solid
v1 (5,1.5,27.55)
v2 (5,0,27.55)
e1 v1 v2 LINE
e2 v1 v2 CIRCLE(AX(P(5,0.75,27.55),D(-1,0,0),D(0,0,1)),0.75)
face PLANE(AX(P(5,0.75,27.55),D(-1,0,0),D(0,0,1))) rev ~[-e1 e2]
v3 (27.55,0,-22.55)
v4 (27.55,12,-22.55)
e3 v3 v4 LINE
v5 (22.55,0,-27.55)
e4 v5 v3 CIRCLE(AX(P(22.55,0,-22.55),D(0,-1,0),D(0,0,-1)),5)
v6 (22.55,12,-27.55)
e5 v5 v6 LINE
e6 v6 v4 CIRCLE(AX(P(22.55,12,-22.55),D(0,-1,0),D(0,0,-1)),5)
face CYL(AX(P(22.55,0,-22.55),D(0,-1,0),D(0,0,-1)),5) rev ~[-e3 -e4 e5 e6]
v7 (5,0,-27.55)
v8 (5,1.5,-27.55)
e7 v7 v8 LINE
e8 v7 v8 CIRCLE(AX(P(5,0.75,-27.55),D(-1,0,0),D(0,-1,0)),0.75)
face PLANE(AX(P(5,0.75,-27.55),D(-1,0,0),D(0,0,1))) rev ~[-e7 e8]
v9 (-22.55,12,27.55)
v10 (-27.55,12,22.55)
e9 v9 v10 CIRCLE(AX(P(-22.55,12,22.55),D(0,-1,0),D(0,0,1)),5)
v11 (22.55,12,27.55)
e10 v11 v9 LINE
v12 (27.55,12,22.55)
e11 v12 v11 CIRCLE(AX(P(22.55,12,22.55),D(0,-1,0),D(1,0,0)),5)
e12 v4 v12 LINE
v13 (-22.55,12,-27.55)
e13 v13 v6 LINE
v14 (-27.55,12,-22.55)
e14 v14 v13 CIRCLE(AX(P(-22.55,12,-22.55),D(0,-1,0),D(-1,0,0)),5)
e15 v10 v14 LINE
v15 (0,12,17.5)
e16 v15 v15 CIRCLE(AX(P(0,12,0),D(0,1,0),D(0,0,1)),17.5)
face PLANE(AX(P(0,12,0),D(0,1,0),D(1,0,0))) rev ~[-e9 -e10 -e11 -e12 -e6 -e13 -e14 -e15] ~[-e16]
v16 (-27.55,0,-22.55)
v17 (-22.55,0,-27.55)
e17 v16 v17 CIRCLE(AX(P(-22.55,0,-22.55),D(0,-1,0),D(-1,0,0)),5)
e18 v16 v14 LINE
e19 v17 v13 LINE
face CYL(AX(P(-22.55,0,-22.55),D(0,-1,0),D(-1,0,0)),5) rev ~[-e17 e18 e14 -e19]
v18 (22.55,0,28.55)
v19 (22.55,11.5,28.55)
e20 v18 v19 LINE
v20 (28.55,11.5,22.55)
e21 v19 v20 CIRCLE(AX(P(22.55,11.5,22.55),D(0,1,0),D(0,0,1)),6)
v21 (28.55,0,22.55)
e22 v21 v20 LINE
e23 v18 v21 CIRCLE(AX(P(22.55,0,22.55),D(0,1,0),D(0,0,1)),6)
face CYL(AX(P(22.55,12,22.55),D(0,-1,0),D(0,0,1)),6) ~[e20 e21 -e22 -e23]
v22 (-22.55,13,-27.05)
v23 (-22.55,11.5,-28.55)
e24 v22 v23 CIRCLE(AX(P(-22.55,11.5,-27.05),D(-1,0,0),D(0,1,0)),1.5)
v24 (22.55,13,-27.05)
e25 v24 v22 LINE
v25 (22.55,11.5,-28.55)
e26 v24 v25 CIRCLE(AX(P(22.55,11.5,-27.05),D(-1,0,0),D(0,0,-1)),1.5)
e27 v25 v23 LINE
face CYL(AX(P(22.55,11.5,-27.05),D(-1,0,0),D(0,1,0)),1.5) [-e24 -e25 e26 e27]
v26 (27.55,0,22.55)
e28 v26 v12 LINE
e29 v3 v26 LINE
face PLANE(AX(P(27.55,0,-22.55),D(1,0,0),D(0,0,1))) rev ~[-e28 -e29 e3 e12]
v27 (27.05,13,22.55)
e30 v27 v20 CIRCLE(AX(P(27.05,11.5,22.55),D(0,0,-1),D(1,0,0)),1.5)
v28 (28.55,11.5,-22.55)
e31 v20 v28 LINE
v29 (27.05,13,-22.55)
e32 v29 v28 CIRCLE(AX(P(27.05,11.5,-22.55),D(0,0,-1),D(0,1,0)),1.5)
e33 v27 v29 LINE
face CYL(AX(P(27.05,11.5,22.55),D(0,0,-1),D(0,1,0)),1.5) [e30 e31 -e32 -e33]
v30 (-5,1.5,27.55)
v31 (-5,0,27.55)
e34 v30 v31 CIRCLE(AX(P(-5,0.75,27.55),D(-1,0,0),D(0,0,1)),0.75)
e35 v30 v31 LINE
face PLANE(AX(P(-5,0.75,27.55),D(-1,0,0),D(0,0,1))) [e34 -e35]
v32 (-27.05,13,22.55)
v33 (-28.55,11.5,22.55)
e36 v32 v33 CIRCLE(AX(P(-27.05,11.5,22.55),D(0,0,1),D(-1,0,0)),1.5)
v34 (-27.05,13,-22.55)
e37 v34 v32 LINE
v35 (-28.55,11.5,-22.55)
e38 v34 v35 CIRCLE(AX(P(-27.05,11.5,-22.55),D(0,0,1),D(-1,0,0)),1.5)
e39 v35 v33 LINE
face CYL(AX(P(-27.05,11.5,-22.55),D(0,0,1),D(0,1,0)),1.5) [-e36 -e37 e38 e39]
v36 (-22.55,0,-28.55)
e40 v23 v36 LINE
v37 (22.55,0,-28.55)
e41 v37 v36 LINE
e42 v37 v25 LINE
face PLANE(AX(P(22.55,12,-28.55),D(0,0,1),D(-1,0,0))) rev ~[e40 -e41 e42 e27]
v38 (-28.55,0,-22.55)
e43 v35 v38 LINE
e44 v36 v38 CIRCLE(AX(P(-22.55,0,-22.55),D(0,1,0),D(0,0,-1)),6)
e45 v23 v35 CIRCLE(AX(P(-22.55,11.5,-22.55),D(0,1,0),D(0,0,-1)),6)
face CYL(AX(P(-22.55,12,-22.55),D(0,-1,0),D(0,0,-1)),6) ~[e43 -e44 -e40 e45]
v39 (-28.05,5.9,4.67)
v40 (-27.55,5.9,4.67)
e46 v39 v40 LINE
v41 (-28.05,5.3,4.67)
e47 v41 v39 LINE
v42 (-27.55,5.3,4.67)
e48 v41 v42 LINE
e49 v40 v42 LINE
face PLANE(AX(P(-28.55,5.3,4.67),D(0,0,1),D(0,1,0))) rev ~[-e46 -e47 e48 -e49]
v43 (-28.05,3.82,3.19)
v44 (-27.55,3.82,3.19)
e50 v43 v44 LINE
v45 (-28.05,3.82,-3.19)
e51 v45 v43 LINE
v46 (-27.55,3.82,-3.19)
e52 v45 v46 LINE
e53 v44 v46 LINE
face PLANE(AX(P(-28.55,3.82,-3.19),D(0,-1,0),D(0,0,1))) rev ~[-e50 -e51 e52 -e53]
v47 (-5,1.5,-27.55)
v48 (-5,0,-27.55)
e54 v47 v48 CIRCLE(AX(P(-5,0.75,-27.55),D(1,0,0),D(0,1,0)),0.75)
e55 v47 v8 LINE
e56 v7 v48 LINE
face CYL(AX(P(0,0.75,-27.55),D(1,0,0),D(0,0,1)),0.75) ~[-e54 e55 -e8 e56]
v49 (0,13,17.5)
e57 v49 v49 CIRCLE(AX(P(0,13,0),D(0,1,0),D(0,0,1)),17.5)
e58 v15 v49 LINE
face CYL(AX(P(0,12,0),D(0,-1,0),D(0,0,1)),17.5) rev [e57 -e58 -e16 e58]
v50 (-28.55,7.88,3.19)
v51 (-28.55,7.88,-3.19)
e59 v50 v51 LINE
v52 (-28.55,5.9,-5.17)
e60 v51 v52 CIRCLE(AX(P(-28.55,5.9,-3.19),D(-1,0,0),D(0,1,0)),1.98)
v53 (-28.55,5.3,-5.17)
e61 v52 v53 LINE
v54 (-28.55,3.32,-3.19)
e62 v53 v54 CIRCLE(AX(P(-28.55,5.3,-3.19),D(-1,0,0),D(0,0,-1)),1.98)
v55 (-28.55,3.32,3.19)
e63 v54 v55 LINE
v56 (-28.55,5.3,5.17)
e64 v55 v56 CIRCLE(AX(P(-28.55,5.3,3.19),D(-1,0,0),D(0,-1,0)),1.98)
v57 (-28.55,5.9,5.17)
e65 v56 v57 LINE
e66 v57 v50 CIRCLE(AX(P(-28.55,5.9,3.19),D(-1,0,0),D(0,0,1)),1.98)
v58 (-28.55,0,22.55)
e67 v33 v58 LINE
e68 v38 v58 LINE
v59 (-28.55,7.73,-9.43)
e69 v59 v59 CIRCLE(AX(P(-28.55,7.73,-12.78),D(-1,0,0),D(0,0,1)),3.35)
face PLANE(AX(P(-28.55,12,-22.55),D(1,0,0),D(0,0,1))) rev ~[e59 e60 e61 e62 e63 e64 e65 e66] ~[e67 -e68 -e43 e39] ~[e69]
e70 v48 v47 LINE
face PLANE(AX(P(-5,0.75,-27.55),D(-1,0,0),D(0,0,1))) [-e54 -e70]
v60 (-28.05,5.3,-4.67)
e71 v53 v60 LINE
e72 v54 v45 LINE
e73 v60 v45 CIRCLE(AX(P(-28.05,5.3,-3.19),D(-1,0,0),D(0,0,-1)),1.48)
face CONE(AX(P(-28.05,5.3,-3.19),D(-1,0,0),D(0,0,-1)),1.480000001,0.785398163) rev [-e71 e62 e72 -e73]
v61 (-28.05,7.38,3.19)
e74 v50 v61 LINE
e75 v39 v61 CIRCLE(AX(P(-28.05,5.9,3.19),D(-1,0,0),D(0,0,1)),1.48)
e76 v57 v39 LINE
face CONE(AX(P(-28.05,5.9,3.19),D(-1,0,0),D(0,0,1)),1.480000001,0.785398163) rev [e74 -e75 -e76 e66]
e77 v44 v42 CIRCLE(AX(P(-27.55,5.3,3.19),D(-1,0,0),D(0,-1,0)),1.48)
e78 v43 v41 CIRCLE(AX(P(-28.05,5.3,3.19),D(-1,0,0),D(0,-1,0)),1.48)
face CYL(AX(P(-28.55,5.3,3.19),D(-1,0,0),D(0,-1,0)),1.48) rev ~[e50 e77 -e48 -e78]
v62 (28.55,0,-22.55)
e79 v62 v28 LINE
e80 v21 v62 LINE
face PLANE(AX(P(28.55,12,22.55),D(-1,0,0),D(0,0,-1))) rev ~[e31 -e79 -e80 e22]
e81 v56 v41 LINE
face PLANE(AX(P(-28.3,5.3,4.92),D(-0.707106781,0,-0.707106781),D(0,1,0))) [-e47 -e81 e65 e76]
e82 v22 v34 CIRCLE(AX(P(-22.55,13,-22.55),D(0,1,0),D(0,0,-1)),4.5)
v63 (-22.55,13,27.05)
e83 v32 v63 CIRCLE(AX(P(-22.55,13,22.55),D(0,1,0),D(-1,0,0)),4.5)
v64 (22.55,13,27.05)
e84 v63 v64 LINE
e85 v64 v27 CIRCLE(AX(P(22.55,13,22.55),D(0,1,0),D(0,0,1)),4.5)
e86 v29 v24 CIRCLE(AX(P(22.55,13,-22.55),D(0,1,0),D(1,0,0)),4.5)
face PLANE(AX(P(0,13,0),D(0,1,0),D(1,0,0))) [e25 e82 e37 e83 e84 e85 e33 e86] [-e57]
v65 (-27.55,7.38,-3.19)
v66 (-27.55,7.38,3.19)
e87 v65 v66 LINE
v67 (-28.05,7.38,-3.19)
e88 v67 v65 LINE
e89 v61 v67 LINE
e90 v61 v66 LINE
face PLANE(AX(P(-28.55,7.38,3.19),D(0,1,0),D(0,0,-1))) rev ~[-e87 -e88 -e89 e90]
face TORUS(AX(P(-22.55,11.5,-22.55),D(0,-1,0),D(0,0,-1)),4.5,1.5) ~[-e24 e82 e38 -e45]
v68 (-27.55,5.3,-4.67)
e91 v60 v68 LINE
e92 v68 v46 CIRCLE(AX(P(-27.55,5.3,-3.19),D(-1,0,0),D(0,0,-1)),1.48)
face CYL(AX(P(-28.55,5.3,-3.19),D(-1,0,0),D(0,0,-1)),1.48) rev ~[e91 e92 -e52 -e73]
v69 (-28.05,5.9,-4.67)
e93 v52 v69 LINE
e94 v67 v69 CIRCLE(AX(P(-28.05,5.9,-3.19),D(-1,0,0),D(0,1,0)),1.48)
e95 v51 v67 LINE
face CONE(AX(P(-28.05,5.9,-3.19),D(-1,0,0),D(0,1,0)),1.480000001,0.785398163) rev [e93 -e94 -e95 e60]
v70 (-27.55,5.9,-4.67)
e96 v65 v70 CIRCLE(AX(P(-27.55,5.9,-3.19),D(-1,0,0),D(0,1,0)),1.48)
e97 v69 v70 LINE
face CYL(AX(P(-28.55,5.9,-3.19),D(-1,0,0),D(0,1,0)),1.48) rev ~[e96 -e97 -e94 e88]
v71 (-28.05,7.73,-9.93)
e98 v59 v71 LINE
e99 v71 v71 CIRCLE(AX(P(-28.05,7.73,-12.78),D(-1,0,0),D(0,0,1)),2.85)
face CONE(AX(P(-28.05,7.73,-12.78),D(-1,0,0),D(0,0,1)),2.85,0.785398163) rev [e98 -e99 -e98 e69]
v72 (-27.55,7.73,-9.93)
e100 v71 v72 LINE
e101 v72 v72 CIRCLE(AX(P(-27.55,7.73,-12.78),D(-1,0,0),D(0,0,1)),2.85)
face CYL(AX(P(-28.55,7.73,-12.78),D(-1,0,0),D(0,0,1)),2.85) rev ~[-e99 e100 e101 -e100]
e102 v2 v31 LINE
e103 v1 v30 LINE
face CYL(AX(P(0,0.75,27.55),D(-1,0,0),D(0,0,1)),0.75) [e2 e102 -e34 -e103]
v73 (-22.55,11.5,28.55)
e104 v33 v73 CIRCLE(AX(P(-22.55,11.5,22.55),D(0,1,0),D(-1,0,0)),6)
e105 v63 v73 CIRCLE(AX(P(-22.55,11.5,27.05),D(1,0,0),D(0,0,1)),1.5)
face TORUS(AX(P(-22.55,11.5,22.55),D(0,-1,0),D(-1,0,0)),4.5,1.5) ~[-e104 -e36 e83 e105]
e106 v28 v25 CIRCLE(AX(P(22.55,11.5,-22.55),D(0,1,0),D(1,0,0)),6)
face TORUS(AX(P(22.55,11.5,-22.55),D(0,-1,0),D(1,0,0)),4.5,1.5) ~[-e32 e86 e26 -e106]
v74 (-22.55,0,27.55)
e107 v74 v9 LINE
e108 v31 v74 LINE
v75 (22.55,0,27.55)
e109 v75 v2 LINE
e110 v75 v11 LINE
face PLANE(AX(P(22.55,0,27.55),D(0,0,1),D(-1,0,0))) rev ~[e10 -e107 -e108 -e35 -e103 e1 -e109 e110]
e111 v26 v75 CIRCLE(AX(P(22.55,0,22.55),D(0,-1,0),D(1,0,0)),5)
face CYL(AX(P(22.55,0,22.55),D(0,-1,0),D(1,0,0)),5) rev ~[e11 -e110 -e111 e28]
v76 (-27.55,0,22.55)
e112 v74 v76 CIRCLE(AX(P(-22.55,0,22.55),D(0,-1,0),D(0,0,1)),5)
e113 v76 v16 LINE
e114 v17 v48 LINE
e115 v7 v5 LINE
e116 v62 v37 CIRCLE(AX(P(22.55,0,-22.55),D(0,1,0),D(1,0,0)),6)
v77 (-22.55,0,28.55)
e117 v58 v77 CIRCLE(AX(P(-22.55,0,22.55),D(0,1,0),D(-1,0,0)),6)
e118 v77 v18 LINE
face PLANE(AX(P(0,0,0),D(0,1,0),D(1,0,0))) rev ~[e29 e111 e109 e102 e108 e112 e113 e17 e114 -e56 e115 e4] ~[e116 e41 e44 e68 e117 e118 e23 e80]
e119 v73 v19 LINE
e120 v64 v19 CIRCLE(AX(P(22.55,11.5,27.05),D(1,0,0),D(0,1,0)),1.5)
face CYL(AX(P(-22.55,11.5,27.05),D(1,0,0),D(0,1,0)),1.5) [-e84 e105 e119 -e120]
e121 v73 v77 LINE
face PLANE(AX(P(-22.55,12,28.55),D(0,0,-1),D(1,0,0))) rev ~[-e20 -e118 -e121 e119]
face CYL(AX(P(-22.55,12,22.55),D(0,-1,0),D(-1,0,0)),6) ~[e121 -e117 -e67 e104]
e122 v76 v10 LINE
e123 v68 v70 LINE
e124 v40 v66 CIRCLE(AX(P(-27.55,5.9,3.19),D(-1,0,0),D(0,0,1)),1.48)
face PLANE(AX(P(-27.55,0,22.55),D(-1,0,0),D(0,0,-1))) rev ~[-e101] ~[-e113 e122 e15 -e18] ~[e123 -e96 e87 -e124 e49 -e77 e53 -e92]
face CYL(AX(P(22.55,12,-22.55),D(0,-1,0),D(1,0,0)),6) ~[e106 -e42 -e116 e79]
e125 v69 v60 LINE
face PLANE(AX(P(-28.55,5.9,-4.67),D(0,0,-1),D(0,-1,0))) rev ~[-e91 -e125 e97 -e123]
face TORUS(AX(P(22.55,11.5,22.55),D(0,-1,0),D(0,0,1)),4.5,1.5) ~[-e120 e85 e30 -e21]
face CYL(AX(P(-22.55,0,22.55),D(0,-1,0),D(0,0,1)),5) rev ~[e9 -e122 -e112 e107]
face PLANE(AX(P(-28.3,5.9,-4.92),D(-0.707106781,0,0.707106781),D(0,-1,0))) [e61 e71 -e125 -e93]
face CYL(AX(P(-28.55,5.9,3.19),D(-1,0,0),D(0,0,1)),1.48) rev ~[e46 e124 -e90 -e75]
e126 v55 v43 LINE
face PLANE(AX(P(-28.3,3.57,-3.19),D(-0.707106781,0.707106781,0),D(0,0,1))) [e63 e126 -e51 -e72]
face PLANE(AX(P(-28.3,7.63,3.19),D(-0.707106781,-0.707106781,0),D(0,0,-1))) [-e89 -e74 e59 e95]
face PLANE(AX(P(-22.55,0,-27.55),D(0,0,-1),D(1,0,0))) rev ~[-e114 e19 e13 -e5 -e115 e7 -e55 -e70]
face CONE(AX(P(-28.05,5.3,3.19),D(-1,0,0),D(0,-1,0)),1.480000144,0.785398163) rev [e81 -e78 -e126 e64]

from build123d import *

# Parameters (mm, degrees)
BOSS_EXTRUDE1_DEPTH = 12
SKETCH2_R           = 17.5
BOSS_EXTRUDE2_DEPTH = 1
SKETCH3_R           = 0.75
BOSS_EXTRUDE3_DEPTH = 5
FILLET1_R           = 1.5
CUT_EXTRUDE6_REACH  = 67.15
SKETCH6_R           = 2.85
CHAMFER1_SIZE       = 0.5


with BuildPart() as part:
    # Sketch1 → Boss-Extrude1 (new body)
    with BuildSketch(Plane(origin=(0, 0, 0), x_dir=(1, 0, 0), z_dir=(0, 1, 0))):
        with BuildLine():
            Line((-28.55, 22.55), (-28.55, -22.55))
            ThreePointArc((-28.55, -22.55), (-26.792640687, -26.792640687), (-22.55, -28.55))
            Line((-22.55, -28.55), (22.55, -28.55))
            ThreePointArc((22.55, -28.55), (26.792640687, -26.792640687), (28.55, -22.55))
            Line((28.55, -22.55), (28.55, 22.55))
            ThreePointArc((28.55, 22.55), (26.792640687, 26.792640687), (22.55, 28.55))
            Line((22.55, 28.55), (-22.55, 28.55))
            ThreePointArc((-22.55, 28.55), (-26.792640687, 26.792640687), (-28.55, 22.55))
        make_face()
        with BuildLine():
            Line((-22.55, 27.55), (22.55, 27.55))
            ThreePointArc((22.55, 27.55), (26.085533906, 26.085533906), (27.55, 22.55))
            Line((27.55, 22.55), (27.55, -22.55))
            ThreePointArc((27.55, -22.55), (26.085533906, -26.085533906), (22.55, -27.55))
            Line((22.55, -27.55), (-22.55, -27.55))
            ThreePointArc((-22.55, -27.55), (-26.085533906, -26.085533906), (-27.55, -22.55))
            Line((-27.55, -22.55), (-27.55, 22.55))
            ThreePointArc((-27.55, 22.55), (-26.085533906, 26.085533906), (-22.55, 27.55))
        make_face(mode=Mode.SUBTRACT)
    extrude(amount=BOSS_EXTRUDE1_DEPTH)

    # Sketch2 → Boss-Extrude2 (add)
    with BuildSketch(Plane(origin=(0, 12, 0), x_dir=(1, 0, 0), z_dir=(0, 1, 0))):
        with BuildLine():
            Line((-22.55, -28.55), (22.55, -28.55))
            ThreePointArc((22.55, -28.55), (26.792640687, -26.792640687), (28.55, -22.55))
            Line((28.55, -22.55), (28.55, 22.55))
            ThreePointArc((28.55, 22.55), (26.792640687, 26.792640687), (22.55, 28.55))
            Line((22.55, 28.55), (-22.55, 28.55))
            ThreePointArc((-22.55, 28.55), (-26.792640687, 26.792640687), (-28.55, 22.55))
            Line((-28.55, 22.55), (-28.55, -22.55))
            ThreePointArc((-28.55, -22.55), (-26.792640687, -26.792640687), (-22.55, -28.55))
        make_face()
        with Locations(Location((0, 0, 0), (0, 0, 270))):
            Circle(SKETCH2_R, mode=Mode.SUBTRACT)
    extrude(amount=BOSS_EXTRUDE2_DEPTH)

    # Sketch3 → Boss-Extrude3 (add, symmetric)
    with BuildSketch(Plane.ZY):
        with Locations((-27.55, 0.75)):
            Circle(SKETCH3_R)
        with Locations((27.55, 0.75)):
            Circle(SKETCH3_R)
    extrude(amount=BOSS_EXTRUDE3_DEPTH, both=True)

    # Fillet1
    fillet1_edges = [part.edges().sort_by_distance(p)[0] for p in [
        (-26.792640687, 13, 26.792640687),
        (0, 13, 28.55),
        (26.792640687, 13, 26.792640687),
        (28.55, 13, 0),
        (26.792640687, 13, -26.792640687),
        (0, 13, -28.55),
        (-26.792640687, 13, -26.792640687),
        (-28.55, 13, 0),
    ]]
    fillet(fillet1_edges, radius=FILLET1_R)

    # Sketch6 → Cut-Extrude6 (cut, up to next)
    with BuildSketch(Plane.ZY.offset(28.55), mode=Mode.PRIVATE) as cut_extrude6_sk1:
        with Locations((-12.78, 7.73)):
            Circle(SKETCH6_R)
    cut_extrude6_tool1 = extrude(cut_extrude6_sk1.sketch, amount=-CUT_EXTRUDE6_REACH, mode=Mode.PRIVATE) & part.part
    # Sketch6 → Cut-Extrude6 (cut, up to next)
    with BuildSketch(Plane.ZY.offset(28.55), mode=Mode.PRIVATE) as cut_extrude6_sk2:
        with BuildLine():
            Line((-3.19, 3.82), (3.189999856, 3.82))
            ThreePointArc((3.189999856, 3.82), (4.236517943, 4.253481955), (4.67, 5.3))
            Line((4.67, 5.3), (4.67, 5.9))
            ThreePointArc((4.67, 5.9), (4.236518036, 6.946518036), (3.19, 7.38))
            Line((3.19, 7.38), (-3.19, 7.38))
            ThreePointArc((-3.19, 7.38), (-4.236518036, 6.946518036), (-4.67, 5.9))
            Line((-4.67, 5.9), (-4.67, 5.3))
            ThreePointArc((-4.67, 5.3), (-4.236518036, 4.253481964), (-3.19, 3.82))
        make_face()
    cut_extrude6_tool2 = extrude(cut_extrude6_sk2.sketch, amount=-CUT_EXTRUDE6_REACH, mode=Mode.PRIVATE) & part.part
    add(cut_extrude6_tool1.solids().sort_by_distance((-28.55, 7.73, -12.78))[0], mode=Mode.SUBTRACT)
    add(cut_extrude6_tool2.solids().sort_by_distance((-28.55, 5.6, 0))[0], mode=Mode.SUBTRACT)

    # Chamfer1
    chamfer1_edges = [part.edges().sort_by_distance(p)[0] for p in [
        (-28.55, 4.253481964, -4.236518036),
        (-28.55, 3.82, -7.2e-08),
        (-28.55, 4.253481955, 4.236517943),
        (-28.55, 5.6, 4.67),
        (-28.55, 6.946518036, 4.236518036),
        (-28.55, 7.38, 0),
        (-28.55, 6.946518036, -4.236518036),
        (-28.55, 5.6, -4.67),
        (-28.55, 7.73, -15.63),
    ]]
    chamfer(chamfer1_edges, length=CHAMFER1_SIZE)


solid = part.part
